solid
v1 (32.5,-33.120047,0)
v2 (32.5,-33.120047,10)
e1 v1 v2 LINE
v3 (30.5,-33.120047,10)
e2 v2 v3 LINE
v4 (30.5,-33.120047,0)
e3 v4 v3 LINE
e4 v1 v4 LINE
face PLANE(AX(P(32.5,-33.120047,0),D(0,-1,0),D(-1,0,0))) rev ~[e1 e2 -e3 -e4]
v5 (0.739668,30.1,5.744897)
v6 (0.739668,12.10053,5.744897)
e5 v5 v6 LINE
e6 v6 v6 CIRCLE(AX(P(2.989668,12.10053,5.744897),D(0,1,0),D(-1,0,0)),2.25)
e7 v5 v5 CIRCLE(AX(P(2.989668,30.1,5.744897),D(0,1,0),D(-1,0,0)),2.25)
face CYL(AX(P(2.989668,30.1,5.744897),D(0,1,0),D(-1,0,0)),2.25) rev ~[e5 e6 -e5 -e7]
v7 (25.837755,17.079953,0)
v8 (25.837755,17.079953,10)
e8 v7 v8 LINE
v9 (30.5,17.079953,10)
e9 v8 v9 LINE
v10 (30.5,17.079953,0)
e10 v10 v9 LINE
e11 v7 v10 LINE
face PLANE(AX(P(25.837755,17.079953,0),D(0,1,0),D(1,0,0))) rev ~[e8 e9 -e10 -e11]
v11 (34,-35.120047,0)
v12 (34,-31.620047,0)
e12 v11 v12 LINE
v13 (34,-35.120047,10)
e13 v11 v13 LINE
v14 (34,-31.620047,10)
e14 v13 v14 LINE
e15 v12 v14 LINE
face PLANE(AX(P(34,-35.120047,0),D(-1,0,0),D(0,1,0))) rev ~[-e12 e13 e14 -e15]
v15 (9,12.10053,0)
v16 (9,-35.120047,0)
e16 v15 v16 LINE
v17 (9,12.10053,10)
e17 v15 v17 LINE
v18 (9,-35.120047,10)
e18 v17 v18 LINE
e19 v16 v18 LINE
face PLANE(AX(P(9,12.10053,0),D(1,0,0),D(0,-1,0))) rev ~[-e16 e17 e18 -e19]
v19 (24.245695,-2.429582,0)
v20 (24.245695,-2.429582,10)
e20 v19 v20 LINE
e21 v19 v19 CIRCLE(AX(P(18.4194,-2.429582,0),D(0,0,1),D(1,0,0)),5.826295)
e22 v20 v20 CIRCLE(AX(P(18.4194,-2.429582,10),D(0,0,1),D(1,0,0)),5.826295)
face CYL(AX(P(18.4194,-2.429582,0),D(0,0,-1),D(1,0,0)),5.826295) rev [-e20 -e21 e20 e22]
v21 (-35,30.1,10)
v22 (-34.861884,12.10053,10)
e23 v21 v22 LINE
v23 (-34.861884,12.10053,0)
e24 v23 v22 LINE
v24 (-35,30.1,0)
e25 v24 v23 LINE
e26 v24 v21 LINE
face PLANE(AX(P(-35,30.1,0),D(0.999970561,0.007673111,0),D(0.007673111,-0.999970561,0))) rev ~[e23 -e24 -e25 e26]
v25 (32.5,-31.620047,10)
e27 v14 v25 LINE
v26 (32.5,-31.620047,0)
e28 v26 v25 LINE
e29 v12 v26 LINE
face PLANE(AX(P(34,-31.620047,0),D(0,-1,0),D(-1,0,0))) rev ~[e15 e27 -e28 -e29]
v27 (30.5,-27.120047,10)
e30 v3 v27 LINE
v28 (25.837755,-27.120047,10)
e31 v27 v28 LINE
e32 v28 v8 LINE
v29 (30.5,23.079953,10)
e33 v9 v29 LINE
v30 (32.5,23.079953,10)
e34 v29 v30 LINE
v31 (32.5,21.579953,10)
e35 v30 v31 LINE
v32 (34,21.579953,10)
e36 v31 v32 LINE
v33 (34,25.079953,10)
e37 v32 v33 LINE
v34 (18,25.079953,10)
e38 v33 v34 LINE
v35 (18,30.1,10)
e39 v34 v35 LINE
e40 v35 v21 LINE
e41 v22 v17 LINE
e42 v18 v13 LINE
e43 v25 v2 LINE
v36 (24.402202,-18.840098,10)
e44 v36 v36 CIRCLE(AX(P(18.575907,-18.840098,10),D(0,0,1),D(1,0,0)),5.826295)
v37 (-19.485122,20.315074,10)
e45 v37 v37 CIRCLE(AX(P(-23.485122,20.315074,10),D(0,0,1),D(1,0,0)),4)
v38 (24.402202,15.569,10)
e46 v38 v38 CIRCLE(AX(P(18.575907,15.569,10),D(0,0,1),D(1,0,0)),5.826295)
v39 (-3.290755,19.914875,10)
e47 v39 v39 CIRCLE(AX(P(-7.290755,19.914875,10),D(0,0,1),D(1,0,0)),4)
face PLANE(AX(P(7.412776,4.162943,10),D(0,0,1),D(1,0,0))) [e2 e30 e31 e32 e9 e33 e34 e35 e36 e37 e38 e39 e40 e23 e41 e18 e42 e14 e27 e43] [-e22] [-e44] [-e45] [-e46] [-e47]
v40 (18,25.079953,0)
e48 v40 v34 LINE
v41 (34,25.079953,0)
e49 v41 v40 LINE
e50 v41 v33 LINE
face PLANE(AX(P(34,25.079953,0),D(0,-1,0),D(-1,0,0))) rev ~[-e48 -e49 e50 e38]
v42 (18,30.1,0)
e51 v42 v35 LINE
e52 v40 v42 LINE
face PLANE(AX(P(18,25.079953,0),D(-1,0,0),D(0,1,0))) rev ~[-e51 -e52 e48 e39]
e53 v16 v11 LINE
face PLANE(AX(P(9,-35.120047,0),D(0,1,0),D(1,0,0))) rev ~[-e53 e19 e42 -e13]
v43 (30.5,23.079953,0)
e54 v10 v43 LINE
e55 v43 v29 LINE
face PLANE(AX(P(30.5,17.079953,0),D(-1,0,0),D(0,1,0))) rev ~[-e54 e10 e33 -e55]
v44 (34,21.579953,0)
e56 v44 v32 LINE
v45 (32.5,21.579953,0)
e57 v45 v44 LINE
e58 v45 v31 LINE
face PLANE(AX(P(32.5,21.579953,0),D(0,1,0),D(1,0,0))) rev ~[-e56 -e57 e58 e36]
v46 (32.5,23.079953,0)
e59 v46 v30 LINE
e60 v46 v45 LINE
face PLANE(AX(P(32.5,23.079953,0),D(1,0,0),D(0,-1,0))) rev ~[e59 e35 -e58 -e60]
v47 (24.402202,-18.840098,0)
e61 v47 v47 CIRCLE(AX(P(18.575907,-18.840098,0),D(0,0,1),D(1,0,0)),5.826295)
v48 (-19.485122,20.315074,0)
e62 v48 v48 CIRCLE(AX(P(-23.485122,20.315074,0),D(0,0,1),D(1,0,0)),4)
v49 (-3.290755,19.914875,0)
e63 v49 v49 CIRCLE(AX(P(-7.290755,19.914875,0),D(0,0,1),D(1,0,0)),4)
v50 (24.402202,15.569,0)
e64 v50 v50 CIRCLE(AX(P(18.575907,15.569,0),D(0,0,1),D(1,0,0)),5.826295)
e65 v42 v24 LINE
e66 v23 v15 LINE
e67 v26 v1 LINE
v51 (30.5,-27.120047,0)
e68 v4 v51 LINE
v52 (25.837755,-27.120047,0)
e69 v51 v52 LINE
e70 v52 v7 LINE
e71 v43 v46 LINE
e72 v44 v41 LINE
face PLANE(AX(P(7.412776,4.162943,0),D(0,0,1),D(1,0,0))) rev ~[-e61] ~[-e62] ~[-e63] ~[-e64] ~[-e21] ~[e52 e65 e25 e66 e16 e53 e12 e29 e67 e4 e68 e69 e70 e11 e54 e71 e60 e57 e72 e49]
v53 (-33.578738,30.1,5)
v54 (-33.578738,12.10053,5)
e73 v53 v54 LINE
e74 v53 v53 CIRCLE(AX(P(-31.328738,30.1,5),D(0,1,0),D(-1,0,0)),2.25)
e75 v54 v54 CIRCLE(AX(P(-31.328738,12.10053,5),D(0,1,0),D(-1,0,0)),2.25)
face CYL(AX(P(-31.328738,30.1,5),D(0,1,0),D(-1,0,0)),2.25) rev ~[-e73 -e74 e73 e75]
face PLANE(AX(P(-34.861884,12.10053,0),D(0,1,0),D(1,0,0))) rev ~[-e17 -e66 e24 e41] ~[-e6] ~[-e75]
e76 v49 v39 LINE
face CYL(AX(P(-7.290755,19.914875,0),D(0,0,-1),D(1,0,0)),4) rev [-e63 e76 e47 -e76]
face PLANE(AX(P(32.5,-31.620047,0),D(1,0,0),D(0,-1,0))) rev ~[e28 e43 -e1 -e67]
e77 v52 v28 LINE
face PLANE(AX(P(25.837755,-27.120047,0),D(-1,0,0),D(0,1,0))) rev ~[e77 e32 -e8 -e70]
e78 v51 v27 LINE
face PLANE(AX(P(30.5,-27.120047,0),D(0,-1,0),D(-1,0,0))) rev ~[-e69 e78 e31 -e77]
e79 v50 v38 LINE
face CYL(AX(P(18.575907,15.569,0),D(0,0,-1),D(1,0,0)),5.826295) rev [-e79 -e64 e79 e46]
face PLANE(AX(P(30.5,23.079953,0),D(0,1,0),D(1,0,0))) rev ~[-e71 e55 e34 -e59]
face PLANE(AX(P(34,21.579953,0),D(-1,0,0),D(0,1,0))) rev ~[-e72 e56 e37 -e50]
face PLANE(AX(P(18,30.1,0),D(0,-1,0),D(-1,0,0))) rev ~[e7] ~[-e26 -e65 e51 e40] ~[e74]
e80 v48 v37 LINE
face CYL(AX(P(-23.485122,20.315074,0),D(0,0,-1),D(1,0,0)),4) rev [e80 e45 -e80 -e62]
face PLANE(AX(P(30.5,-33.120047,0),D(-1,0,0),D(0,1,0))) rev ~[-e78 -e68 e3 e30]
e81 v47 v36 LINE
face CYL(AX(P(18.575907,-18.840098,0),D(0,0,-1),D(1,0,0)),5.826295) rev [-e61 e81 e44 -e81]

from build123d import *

# Parameters (mm, degrees)
F0_R     = 5.826295
F0_R_2   = 4
F1_DEPTH = 10
F2_R     = 2.25
F3_DEPTH = 65.221047


with BuildPart() as f1:
    # F0 (on Top) → F1 (new body)
    with BuildSketch(Plane.XY):
        Polygon((9, -35.120047), (34, -35.120047), (34, -31.620047), (32.5, -31.620047), (32.5, -33.120047), (30.5, -33.120047), (30.5, -27.120047), (25.837755, -27.120047), (25.837755, 17.079953), (30.5, 17.079953), (30.5, 23.079953), (32.5, 23.079953), (32.5, 21.579953), (34, 21.579953), (34, 25.079953), (18, 25.079953), (18, 30.1), (-35, 30.1), (-34.861884, 12.10053), (9, 12.10053), align=None)
        with Locations((18.575907, -18.840098)):
            Circle(F0_R, mode=Mode.SUBTRACT)
        with Locations((-23.485122, 20.315074)):
            Circle(F0_R_2, mode=Mode.SUBTRACT)
        with Locations((-7.290755, 19.914875)):
            Circle(F0_R_2, mode=Mode.SUBTRACT)
        with Locations((18.4194, -2.429582)):
            Circle(F0_R, mode=Mode.SUBTRACT)
        with Locations((18.575907, 15.569)):
            Circle(F0_R, mode=Mode.SUBTRACT)
    extrude(amount=F1_DEPTH)

    # F2 (on face) → F3 (cut, through all)
    with BuildSketch(Plane(origin=(0, 30.1, 0), x_dir=(-1, 0, 0), z_dir=(0, 1, 0))):
        with Locations((-2.989668, 5.744897)):
            Circle(F2_R)
        with Locations((31.328738, 5)):
            Circle(F2_R)
    extrude(amount=-F3_DEPTH, mode=Mode.SUBTRACT)


solid = f1.part
